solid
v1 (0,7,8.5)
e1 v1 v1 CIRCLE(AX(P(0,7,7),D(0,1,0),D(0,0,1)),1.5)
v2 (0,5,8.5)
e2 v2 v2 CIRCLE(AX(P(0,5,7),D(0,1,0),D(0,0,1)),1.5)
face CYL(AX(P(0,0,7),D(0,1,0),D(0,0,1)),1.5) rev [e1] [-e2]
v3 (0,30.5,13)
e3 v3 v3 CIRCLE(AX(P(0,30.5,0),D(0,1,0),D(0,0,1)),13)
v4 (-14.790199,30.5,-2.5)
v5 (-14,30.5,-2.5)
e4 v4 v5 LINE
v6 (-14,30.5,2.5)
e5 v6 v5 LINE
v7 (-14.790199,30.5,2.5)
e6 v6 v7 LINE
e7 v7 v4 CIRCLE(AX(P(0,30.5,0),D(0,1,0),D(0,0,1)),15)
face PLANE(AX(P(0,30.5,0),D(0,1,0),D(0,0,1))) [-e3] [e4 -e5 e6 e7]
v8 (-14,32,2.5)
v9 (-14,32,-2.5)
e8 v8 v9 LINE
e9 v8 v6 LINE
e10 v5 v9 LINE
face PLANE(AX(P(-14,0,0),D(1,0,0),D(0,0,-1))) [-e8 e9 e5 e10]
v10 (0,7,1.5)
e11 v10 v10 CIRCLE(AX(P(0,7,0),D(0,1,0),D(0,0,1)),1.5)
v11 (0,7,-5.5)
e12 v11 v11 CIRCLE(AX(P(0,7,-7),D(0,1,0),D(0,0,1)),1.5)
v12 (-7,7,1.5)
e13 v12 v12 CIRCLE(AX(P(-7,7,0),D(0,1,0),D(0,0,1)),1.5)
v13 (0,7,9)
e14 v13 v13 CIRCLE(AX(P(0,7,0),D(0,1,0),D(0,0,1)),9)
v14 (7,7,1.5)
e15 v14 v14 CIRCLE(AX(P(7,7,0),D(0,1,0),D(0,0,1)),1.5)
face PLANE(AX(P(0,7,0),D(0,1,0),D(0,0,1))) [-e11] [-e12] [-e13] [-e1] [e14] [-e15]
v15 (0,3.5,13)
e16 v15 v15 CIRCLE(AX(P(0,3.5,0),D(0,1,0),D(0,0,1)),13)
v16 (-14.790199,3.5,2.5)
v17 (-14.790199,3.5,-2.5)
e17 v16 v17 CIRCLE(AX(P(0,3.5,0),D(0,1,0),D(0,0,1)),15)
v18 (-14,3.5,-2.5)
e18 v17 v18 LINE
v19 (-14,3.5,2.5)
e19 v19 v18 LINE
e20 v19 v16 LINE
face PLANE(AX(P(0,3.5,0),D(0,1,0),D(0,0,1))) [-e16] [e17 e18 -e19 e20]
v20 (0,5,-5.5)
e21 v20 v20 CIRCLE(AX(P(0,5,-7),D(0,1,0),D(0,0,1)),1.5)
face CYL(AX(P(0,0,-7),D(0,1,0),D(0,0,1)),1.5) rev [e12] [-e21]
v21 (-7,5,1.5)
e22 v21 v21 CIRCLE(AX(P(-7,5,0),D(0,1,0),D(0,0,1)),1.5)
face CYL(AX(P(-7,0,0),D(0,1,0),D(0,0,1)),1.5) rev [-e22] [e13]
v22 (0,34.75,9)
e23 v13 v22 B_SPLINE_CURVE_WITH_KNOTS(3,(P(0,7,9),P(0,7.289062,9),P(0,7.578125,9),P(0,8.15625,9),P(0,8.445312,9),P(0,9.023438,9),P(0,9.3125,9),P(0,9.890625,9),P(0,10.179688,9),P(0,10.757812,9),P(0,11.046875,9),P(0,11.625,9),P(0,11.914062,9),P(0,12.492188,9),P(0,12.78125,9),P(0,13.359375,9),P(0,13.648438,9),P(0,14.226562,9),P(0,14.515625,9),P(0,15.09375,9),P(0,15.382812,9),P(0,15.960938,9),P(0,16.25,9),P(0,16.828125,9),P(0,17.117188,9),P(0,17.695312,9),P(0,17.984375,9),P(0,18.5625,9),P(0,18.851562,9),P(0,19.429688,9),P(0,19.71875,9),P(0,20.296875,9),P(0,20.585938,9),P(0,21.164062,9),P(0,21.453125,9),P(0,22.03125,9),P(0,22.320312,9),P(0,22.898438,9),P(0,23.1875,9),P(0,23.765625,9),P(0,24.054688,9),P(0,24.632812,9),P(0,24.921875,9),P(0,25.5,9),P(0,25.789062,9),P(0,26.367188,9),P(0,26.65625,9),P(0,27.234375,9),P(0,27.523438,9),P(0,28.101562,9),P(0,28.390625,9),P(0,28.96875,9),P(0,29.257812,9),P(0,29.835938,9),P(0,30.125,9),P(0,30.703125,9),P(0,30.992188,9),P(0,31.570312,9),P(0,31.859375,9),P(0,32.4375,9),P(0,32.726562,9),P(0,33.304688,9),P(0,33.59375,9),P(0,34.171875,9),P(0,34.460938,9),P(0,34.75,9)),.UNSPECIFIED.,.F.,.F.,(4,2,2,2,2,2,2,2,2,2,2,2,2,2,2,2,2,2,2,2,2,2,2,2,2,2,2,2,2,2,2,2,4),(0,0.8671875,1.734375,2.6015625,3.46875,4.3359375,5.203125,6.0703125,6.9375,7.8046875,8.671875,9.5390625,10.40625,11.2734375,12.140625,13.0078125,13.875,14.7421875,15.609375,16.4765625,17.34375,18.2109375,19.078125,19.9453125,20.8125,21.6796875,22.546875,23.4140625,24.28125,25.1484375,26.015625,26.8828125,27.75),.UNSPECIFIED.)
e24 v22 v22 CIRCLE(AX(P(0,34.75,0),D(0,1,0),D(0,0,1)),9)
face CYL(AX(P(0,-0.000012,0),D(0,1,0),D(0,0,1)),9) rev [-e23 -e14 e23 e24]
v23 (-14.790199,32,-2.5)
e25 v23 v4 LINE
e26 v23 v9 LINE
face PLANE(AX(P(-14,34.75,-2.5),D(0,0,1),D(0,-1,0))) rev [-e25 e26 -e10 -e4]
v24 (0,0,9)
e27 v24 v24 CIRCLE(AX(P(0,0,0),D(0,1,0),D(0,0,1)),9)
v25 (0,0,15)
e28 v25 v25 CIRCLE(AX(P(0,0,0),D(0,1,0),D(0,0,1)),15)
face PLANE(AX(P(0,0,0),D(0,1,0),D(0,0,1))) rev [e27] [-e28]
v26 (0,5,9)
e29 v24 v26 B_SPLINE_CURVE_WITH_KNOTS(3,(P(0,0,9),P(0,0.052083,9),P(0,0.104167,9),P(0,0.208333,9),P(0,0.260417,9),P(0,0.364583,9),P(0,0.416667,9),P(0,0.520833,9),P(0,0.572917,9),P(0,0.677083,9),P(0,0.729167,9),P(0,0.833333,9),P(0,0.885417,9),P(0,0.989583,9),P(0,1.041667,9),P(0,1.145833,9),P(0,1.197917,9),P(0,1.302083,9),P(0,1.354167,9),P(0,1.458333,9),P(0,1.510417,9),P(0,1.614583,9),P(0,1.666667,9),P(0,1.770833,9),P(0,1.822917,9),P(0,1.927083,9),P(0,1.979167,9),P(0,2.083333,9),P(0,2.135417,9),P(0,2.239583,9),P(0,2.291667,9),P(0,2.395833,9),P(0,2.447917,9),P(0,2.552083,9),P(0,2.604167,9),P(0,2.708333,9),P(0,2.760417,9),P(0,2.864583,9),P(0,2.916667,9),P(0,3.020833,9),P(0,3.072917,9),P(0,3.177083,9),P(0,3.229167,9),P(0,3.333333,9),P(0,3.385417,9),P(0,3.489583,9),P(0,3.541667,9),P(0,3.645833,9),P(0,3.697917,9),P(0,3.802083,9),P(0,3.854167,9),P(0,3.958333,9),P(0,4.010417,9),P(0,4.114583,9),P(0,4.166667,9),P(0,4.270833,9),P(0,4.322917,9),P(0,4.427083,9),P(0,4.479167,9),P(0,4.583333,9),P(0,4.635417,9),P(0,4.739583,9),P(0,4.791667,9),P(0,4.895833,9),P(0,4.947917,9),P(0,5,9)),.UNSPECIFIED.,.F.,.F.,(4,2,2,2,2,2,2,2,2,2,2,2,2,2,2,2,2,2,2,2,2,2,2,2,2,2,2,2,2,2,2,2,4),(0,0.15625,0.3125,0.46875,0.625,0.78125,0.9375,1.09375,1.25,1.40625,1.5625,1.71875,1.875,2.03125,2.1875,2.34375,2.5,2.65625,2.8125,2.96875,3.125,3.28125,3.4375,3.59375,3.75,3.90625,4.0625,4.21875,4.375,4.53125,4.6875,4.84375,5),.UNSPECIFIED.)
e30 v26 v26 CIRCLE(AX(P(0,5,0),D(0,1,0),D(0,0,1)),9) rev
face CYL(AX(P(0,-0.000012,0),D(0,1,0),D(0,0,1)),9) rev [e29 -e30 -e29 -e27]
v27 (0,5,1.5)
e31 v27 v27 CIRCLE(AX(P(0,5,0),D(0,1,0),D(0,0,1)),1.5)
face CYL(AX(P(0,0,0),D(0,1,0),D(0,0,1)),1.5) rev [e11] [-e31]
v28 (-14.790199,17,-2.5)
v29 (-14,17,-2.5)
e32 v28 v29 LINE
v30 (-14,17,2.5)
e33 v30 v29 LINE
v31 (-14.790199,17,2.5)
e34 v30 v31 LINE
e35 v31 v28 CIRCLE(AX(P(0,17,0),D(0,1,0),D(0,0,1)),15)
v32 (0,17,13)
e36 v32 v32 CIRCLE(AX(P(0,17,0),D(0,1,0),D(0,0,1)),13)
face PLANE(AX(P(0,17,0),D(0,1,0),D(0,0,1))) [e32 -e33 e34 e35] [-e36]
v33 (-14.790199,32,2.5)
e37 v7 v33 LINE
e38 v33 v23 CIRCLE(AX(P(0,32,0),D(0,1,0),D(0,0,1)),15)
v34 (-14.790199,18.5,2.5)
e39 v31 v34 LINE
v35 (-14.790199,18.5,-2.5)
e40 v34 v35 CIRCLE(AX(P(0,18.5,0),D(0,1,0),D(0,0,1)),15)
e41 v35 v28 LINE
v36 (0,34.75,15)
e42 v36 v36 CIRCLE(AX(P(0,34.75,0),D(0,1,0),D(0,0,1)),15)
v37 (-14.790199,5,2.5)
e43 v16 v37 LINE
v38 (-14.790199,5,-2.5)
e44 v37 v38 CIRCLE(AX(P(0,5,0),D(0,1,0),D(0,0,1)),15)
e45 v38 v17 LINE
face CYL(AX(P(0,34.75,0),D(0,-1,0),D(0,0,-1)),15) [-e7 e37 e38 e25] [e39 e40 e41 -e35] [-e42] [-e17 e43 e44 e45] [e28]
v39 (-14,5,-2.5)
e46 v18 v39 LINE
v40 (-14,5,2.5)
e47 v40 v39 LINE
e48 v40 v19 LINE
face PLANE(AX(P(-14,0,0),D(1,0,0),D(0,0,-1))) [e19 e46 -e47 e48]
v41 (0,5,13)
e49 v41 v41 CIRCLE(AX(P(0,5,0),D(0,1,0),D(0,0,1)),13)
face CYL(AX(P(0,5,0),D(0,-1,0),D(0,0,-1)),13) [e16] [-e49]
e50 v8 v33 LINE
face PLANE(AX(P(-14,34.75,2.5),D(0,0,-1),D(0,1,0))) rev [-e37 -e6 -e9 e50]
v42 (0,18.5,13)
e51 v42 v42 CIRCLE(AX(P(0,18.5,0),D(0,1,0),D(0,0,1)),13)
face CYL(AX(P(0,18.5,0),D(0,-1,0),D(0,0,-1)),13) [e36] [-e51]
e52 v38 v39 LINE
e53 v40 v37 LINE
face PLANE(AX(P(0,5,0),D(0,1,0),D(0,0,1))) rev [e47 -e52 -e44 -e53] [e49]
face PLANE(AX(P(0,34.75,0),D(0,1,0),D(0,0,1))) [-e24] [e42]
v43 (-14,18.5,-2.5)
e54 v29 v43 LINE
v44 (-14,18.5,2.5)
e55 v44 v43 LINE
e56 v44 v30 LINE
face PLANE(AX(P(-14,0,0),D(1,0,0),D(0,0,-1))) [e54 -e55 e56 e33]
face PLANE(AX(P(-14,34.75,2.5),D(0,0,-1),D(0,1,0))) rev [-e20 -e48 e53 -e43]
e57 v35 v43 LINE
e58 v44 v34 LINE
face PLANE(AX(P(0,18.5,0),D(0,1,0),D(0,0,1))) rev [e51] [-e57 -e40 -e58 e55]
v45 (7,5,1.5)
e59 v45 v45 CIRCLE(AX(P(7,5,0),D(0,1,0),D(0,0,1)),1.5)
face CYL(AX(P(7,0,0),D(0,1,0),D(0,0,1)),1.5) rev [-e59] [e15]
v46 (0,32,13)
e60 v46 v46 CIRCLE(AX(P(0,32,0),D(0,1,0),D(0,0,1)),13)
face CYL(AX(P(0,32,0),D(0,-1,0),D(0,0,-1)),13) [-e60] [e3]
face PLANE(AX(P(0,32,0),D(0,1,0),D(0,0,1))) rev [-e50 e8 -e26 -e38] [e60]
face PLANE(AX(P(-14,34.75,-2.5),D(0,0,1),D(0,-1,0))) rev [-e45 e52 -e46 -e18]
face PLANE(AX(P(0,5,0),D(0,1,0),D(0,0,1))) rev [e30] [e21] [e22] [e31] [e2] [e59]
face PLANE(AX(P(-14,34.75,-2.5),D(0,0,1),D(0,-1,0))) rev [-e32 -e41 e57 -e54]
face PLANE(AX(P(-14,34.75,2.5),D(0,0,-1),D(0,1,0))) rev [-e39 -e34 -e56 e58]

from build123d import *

# Parameters (mm, degrees)
SKETCH1_R               = 15
BOSS_EXTRUDE1_DEPTH     = 3.5
SKETCH3_R               = 13
BOSS_EXTRUDE2_DEPTH     = 1.5
SKETCH4_R               = 15
BOSS_EXTRUDE3_DEPTH     = 12
SKETCH5_R               = 13
BOSS_EXTRUDE4_DEPTH     = 1.5
SKETCH6_R               = 15
BOSS_EXTRUDE5_DEPTH     = 12
SKETCH7_R               = 13
BOSS_EXTRUDE6_DEPTH     = 1.5
SKETCH8_R               = 15
BOSS_EXTRUDE7_DEPTH     = 2.75
CUT_EXTRUDE1_DEPTH      = 41.713173544
CUT_EXTRUDE1_DEPTH_BACK = 41.713173544
SKETCH9_R               = 9
SKETCH12_R              = 9
BOSS_EXTRUDE9_DEPTH     = 2
CUT_EXTRUDE3_DEPTH      = 37.538507085
CUT_EXTRUDE3_DEPTH_BACK = 37.538507085
SKETCH13_R              = 1.5
SKETCH14_W              = 5
SKETCH14_H              = 34.75
BOSS_EXTRUDE10_DEPTH    = 1
CUT_EXTRUDE4_DEPTH      = 41.713173544
CUT_EXTRUDE4_DEPTH_BACK = 41.713173544
SKETCH15_R              = 15.408664216
SKETCH15_R_2            = 15


with BuildPart() as part:
    # Sketch1 → Boss-Extrude1 (new body)
    with BuildSketch(Plane(origin=(0, 0, 0), x_dir=(1, 0, 0), z_dir=(0, 1, 0))):
        with Locations(Location((0, 0, 0), (0, 0, 270))):
            Circle(SKETCH1_R)
    extrude(amount=BOSS_EXTRUDE1_DEPTH)

    # Sketch3 → Boss-Extrude2 (add)
    with BuildSketch(Plane(origin=(0, 3.5, 0), x_dir=(1, 0, 0), z_dir=(0, 1, 0))):
        with Locations(Location((0, 0, 0), (0, 0, 270))):
            Circle(SKETCH3_R)
    extrude(amount=BOSS_EXTRUDE2_DEPTH)

    # Sketch4 → Boss-Extrude3 (add)
    with BuildSketch(Plane(origin=(0, 5, 0), x_dir=(1, 0, 0), z_dir=(0, 1, 0))):
        with Locations(Location((0, 0, 0), (0, 0, 270))):
            Circle(SKETCH4_R)
    extrude(amount=BOSS_EXTRUDE3_DEPTH)

    # Sketch5 → Boss-Extrude4 (add)
    with BuildSketch(Plane(origin=(0, 17, 0), x_dir=(1, 0, 0), z_dir=(0, 1, 0))):
        with Locations(Location((0, 0, 0), (0, 0, 270))):
            Circle(SKETCH5_R)
    extrude(amount=BOSS_EXTRUDE4_DEPTH)

    # Sketch6 → Boss-Extrude5 (add)
    with BuildSketch(Plane(origin=(0, 18.5, 0), x_dir=(1, 0, 0), z_dir=(0, 1, 0))):
        with Locations(Location((0, 0, 0), (0, 0, 270))):
            Circle(SKETCH6_R)
    extrude(amount=BOSS_EXTRUDE5_DEPTH)

    # Sketch7 → Boss-Extrude6 (add)
    with BuildSketch(Plane(origin=(0, 30.5, 0), x_dir=(1, 0, 0), z_dir=(0, 1, 0))):
        with Locations(Location((0, 0, 0), (0, 0, 270))):
            Circle(SKETCH7_R)
    extrude(amount=BOSS_EXTRUDE6_DEPTH)

    # Sketch8 → Boss-Extrude7 (add)
    with BuildSketch(Plane(origin=(0, 32, 0), x_dir=(1, 0, 0), z_dir=(0, 1, 0))):
        with Locations(Location((0, 0, 0), (0, 0, 270))):
            Circle(SKETCH8_R)
    extrude(amount=BOSS_EXTRUDE7_DEPTH)

    # Sketch9 → Cut-Extrude1 (cut, two sides: drawn at the far end of the back side and taken through both)
    with BuildSketch(Plane(origin=(0, 0, 0), x_dir=(1, 0, 0), z_dir=(0, 1, 0)).offset(-CUT_EXTRUDE1_DEPTH_BACK)):
        with Locations(Location((0, 0, 0), (0, 0, 270))):
            Circle(SKETCH9_R)
    extrude(amount=CUT_EXTRUDE1_DEPTH + CUT_EXTRUDE1_DEPTH_BACK, mode=Mode.SUBTRACT)

    # Sketch12 → Boss-Extrude9 (add)
    with BuildSketch(Plane(origin=(0, 5, 0), x_dir=(1, 0, 0), z_dir=(0, 1, 0))):
        with Locations(Location((0, 0, 0), (0, 0, 270))):
            Circle(SKETCH12_R)
    extrude(amount=BOSS_EXTRUDE9_DEPTH)

    # Sketch13 → Cut-Extrude3 (cut, two sides: drawn at the far end of the back side and taken through both)
    with BuildSketch(Plane(origin=(0, 5, 0), x_dir=(1, 0, 0), z_dir=(0, 1, 0)).offset(-CUT_EXTRUDE3_DEPTH_BACK)):
        with Locations(Location((0, 0, 0), (0, 0, 270))):
            Circle(SKETCH13_R)
        with Locations(Location((0, 7, 0), (0, 0, 270))):
            Circle(SKETCH13_R)
        with Locations(Location((0, -7, 0), (0, 0, 270))):
            Circle(SKETCH13_R)
        with Locations(Location((7, 0, 0), (0, 0, 270))):
            Circle(SKETCH13_R)
        with Locations(Location((-7, 0, 0), (0, 0, 270))):
            Circle(SKETCH13_R)
    extrude(amount=CUT_EXTRUDE3_DEPTH + CUT_EXTRUDE3_DEPTH_BACK, mode=Mode.SUBTRACT)

    # Sketch14 → Boss-Extrude10 (add)
    with BuildSketch(Plane(origin=(-15, 0, 0), x_dir=(0, 0, -1), z_dir=(1, 0, 0))):
        with Locations((0, 17.375)):
            Rectangle(SKETCH14_W, SKETCH14_H)
    extrude(amount=BOSS_EXTRUDE10_DEPTH)

    # Sketch15 → Cut-Extrude4 (cut, two sides: drawn at the far end of the back side and taken through both)
    with BuildSketch(Plane(origin=(0, 34.75, 0), x_dir=(1, 0, 0), z_dir=(0, 1, 0)).offset(-CUT_EXTRUDE4_DEPTH_BACK)):
        Circle(SKETCH15_R)
        with Locations(Location((0, 0, 0), (0, 0, 270))):
            Circle(SKETCH15_R_2, mode=Mode.SUBTRACT)
    extrude(amount=CUT_EXTRUDE4_DEPTH + CUT_EXTRUDE4_DEPTH_BACK, mode=Mode.SUBTRACT)


solid = part.part
